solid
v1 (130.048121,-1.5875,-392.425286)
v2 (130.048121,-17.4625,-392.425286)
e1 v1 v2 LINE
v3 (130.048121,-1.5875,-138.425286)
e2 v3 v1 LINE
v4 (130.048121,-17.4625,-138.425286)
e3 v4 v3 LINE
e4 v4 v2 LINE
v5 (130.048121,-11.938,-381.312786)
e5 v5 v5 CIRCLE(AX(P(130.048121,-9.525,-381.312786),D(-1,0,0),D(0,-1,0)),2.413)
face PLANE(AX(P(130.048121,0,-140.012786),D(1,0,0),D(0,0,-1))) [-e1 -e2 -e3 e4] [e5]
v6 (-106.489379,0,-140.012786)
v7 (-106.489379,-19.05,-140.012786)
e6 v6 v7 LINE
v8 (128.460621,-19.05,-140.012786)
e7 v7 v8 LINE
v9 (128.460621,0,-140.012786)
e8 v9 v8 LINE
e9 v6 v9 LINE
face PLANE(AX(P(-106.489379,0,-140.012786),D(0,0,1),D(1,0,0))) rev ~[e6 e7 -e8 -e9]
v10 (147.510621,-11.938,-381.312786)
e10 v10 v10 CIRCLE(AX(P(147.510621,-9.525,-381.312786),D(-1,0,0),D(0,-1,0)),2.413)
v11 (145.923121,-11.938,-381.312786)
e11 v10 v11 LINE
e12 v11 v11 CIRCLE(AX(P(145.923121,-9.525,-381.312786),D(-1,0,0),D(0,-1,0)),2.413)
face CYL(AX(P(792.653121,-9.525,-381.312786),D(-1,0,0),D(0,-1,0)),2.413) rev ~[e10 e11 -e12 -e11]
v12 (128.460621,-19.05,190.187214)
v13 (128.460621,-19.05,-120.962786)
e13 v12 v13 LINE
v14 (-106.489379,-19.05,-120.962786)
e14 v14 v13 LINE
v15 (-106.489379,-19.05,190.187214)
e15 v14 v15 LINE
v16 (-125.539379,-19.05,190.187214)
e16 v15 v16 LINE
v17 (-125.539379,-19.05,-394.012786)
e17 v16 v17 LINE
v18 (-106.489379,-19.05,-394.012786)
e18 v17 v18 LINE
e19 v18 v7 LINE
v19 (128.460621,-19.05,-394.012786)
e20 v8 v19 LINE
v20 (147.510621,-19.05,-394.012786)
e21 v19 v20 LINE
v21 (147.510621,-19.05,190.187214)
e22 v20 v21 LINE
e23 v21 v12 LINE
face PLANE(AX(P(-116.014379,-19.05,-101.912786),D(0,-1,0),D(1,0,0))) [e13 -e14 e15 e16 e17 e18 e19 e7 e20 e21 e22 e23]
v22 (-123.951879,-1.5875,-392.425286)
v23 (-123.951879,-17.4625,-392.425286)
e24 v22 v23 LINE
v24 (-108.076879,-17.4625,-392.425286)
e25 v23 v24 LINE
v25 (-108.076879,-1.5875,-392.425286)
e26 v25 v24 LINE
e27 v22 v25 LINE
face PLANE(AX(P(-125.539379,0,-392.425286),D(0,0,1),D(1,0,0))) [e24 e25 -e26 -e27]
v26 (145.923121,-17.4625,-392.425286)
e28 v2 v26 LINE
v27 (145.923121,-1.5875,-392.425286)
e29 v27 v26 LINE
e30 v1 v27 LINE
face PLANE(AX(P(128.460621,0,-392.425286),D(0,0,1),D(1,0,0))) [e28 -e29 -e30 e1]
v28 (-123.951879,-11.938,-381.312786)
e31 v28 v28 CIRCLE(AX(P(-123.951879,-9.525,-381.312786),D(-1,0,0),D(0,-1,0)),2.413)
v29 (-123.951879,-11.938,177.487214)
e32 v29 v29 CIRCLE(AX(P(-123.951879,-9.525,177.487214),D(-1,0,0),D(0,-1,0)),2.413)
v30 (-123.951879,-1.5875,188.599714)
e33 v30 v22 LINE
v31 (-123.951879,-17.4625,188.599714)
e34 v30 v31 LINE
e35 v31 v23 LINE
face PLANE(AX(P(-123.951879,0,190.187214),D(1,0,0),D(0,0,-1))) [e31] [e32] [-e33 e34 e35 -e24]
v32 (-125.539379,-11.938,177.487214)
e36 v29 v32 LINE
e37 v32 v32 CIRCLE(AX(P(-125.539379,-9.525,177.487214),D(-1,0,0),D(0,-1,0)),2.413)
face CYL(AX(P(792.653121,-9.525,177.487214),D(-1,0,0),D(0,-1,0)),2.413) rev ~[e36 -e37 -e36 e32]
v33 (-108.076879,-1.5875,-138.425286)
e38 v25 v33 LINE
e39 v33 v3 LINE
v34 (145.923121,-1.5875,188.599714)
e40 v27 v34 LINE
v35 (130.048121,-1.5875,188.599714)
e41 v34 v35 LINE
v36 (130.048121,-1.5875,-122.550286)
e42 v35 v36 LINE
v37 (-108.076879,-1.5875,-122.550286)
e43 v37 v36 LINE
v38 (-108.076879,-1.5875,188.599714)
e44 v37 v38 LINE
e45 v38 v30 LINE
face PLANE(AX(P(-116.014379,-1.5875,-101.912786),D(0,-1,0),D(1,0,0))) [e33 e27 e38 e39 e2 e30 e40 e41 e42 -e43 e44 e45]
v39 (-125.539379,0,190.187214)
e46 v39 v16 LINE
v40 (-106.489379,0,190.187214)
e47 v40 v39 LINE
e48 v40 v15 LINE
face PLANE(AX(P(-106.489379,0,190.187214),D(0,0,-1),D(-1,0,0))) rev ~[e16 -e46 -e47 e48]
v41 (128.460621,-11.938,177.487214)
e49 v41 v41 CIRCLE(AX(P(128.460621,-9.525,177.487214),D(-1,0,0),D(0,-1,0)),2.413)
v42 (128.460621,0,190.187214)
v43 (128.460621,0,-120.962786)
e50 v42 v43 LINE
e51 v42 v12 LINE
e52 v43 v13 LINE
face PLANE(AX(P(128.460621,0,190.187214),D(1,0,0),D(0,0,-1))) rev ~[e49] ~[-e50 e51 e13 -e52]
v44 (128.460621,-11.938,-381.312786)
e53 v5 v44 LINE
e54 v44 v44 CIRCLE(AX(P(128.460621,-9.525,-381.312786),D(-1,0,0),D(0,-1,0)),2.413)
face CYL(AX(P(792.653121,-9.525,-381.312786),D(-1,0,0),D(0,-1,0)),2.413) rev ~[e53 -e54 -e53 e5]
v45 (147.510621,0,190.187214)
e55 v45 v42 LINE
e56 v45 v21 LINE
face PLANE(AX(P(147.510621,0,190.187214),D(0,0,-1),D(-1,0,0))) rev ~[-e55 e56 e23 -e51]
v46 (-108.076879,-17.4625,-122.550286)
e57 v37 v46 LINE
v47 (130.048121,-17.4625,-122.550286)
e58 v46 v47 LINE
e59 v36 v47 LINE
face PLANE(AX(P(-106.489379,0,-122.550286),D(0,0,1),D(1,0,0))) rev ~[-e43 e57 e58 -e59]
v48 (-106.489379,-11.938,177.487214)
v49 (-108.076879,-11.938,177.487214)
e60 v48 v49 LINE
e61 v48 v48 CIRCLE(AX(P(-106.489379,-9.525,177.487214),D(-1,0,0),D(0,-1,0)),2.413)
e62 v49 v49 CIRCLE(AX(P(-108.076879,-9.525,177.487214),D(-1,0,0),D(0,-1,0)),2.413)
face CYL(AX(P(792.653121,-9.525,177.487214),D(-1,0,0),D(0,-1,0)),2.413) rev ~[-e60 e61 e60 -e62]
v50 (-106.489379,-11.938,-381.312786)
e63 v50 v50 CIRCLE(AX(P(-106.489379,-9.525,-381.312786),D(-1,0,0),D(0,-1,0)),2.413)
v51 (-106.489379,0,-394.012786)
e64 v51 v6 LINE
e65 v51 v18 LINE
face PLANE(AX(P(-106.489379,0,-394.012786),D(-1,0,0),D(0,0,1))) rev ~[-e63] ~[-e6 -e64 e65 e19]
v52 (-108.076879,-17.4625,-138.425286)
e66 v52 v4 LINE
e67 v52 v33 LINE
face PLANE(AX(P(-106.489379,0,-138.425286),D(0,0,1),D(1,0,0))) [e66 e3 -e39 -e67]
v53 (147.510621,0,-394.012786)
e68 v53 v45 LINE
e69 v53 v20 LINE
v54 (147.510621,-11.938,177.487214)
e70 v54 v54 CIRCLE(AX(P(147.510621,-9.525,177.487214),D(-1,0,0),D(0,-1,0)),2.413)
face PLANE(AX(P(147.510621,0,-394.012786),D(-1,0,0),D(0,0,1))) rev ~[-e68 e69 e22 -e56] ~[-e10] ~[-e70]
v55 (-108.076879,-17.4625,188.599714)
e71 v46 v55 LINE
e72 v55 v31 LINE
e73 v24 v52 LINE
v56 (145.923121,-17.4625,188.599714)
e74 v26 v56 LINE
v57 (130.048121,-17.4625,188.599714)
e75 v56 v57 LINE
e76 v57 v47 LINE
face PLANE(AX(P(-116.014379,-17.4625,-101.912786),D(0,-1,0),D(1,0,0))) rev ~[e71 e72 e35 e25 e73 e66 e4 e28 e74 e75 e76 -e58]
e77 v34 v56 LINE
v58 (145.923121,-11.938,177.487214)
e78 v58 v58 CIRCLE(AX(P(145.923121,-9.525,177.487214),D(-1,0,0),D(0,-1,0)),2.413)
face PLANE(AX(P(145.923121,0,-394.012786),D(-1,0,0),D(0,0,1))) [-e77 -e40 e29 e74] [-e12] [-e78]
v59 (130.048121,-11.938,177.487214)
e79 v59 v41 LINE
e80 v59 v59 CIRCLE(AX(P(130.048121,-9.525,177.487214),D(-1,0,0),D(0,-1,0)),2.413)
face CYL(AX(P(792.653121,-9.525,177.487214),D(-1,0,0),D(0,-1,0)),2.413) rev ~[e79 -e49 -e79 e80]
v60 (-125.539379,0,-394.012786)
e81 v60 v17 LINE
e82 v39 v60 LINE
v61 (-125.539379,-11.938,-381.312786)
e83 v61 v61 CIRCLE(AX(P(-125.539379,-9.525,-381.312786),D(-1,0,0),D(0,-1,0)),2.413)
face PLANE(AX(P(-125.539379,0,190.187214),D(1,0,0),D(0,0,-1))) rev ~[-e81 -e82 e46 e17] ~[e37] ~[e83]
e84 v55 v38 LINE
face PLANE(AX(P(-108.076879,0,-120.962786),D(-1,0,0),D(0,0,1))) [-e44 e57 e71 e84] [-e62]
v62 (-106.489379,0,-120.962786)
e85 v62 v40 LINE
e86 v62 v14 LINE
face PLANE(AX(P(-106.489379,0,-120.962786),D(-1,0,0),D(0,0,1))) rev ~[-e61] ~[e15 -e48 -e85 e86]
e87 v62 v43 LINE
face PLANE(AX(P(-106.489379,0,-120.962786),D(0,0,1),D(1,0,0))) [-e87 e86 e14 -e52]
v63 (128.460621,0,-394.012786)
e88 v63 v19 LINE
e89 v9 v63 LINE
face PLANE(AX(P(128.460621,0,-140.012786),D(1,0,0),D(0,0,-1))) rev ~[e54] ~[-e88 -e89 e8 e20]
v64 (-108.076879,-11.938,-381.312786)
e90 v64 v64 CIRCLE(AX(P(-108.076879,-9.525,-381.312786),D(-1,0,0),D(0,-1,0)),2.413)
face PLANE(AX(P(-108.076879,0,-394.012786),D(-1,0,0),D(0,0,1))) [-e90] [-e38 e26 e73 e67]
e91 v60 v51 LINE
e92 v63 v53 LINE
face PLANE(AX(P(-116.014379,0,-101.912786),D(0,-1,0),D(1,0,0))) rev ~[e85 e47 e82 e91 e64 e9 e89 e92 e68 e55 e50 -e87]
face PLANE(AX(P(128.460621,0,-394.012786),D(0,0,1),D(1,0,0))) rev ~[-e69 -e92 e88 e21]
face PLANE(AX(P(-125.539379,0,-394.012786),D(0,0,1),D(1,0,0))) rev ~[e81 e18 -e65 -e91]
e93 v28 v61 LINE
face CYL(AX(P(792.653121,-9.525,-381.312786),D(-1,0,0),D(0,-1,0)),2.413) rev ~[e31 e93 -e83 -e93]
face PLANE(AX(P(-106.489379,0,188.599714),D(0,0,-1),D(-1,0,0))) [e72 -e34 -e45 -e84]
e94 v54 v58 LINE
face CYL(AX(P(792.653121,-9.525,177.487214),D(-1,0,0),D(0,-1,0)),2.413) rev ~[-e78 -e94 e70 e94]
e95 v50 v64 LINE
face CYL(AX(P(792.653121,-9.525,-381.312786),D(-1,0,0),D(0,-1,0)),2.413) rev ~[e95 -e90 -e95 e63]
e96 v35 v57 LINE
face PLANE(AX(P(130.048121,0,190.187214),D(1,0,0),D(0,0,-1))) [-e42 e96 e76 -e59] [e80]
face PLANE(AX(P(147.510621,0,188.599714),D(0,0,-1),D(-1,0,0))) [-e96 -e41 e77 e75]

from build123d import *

# Parameters (mm, degrees)
F0_W     = 234.95
F0_H     = 19.05
F1_DEPTH = 19.05
F2_T     = -1.5875
F4_D     = 4.826
F6_D     = 4.826


with BuildPart() as f1:
    # F0 (on Front) → F1 (new body)
    with BuildSketch(Plane.XZ):
        Polygon((-106.4893787249, 190.1872142076), (-125.5393787249, 190.1872142076), (-125.5393787249, -394.0127857924), (-106.4893787249, -394.0127857924), (-106.4893787249, -140.0127857924), (-106.4893787249, -120.9627857924), align=None)
        with Locations((10.9856212751, -130.4877857924)):
            Rectangle(F0_W, F0_H)
        Polygon((128.4606212751, 190.1872142076), (128.4606212751, -120.9627857924), (128.4606212751, -140.0127857924), (128.4606212751, -394.0127857924), (147.5106212751, -394.0127857924), (147.5106212751, 190.1872142076), align=None)
    extrude(amount=F1_DEPTH)

    # F2 (hollow: no face is removed)
    offset(amount=F2_T, kind=Kind.INTERSECTION, mode=Mode.SUBTRACT)

    # F4 (through all)
    with Locations(Plane.YZ.offset(147.5106212751)):
        with Locations((-9.525, -381.3127857924)):
            Hole(F4_D / 2)

    # F6 (through all)
    with Locations(Plane.YZ.offset(147.5106212751)):
        with Locations((-9.525, 177.4872142076)):
            Hole(F6_D / 2)


solid = f1.part
